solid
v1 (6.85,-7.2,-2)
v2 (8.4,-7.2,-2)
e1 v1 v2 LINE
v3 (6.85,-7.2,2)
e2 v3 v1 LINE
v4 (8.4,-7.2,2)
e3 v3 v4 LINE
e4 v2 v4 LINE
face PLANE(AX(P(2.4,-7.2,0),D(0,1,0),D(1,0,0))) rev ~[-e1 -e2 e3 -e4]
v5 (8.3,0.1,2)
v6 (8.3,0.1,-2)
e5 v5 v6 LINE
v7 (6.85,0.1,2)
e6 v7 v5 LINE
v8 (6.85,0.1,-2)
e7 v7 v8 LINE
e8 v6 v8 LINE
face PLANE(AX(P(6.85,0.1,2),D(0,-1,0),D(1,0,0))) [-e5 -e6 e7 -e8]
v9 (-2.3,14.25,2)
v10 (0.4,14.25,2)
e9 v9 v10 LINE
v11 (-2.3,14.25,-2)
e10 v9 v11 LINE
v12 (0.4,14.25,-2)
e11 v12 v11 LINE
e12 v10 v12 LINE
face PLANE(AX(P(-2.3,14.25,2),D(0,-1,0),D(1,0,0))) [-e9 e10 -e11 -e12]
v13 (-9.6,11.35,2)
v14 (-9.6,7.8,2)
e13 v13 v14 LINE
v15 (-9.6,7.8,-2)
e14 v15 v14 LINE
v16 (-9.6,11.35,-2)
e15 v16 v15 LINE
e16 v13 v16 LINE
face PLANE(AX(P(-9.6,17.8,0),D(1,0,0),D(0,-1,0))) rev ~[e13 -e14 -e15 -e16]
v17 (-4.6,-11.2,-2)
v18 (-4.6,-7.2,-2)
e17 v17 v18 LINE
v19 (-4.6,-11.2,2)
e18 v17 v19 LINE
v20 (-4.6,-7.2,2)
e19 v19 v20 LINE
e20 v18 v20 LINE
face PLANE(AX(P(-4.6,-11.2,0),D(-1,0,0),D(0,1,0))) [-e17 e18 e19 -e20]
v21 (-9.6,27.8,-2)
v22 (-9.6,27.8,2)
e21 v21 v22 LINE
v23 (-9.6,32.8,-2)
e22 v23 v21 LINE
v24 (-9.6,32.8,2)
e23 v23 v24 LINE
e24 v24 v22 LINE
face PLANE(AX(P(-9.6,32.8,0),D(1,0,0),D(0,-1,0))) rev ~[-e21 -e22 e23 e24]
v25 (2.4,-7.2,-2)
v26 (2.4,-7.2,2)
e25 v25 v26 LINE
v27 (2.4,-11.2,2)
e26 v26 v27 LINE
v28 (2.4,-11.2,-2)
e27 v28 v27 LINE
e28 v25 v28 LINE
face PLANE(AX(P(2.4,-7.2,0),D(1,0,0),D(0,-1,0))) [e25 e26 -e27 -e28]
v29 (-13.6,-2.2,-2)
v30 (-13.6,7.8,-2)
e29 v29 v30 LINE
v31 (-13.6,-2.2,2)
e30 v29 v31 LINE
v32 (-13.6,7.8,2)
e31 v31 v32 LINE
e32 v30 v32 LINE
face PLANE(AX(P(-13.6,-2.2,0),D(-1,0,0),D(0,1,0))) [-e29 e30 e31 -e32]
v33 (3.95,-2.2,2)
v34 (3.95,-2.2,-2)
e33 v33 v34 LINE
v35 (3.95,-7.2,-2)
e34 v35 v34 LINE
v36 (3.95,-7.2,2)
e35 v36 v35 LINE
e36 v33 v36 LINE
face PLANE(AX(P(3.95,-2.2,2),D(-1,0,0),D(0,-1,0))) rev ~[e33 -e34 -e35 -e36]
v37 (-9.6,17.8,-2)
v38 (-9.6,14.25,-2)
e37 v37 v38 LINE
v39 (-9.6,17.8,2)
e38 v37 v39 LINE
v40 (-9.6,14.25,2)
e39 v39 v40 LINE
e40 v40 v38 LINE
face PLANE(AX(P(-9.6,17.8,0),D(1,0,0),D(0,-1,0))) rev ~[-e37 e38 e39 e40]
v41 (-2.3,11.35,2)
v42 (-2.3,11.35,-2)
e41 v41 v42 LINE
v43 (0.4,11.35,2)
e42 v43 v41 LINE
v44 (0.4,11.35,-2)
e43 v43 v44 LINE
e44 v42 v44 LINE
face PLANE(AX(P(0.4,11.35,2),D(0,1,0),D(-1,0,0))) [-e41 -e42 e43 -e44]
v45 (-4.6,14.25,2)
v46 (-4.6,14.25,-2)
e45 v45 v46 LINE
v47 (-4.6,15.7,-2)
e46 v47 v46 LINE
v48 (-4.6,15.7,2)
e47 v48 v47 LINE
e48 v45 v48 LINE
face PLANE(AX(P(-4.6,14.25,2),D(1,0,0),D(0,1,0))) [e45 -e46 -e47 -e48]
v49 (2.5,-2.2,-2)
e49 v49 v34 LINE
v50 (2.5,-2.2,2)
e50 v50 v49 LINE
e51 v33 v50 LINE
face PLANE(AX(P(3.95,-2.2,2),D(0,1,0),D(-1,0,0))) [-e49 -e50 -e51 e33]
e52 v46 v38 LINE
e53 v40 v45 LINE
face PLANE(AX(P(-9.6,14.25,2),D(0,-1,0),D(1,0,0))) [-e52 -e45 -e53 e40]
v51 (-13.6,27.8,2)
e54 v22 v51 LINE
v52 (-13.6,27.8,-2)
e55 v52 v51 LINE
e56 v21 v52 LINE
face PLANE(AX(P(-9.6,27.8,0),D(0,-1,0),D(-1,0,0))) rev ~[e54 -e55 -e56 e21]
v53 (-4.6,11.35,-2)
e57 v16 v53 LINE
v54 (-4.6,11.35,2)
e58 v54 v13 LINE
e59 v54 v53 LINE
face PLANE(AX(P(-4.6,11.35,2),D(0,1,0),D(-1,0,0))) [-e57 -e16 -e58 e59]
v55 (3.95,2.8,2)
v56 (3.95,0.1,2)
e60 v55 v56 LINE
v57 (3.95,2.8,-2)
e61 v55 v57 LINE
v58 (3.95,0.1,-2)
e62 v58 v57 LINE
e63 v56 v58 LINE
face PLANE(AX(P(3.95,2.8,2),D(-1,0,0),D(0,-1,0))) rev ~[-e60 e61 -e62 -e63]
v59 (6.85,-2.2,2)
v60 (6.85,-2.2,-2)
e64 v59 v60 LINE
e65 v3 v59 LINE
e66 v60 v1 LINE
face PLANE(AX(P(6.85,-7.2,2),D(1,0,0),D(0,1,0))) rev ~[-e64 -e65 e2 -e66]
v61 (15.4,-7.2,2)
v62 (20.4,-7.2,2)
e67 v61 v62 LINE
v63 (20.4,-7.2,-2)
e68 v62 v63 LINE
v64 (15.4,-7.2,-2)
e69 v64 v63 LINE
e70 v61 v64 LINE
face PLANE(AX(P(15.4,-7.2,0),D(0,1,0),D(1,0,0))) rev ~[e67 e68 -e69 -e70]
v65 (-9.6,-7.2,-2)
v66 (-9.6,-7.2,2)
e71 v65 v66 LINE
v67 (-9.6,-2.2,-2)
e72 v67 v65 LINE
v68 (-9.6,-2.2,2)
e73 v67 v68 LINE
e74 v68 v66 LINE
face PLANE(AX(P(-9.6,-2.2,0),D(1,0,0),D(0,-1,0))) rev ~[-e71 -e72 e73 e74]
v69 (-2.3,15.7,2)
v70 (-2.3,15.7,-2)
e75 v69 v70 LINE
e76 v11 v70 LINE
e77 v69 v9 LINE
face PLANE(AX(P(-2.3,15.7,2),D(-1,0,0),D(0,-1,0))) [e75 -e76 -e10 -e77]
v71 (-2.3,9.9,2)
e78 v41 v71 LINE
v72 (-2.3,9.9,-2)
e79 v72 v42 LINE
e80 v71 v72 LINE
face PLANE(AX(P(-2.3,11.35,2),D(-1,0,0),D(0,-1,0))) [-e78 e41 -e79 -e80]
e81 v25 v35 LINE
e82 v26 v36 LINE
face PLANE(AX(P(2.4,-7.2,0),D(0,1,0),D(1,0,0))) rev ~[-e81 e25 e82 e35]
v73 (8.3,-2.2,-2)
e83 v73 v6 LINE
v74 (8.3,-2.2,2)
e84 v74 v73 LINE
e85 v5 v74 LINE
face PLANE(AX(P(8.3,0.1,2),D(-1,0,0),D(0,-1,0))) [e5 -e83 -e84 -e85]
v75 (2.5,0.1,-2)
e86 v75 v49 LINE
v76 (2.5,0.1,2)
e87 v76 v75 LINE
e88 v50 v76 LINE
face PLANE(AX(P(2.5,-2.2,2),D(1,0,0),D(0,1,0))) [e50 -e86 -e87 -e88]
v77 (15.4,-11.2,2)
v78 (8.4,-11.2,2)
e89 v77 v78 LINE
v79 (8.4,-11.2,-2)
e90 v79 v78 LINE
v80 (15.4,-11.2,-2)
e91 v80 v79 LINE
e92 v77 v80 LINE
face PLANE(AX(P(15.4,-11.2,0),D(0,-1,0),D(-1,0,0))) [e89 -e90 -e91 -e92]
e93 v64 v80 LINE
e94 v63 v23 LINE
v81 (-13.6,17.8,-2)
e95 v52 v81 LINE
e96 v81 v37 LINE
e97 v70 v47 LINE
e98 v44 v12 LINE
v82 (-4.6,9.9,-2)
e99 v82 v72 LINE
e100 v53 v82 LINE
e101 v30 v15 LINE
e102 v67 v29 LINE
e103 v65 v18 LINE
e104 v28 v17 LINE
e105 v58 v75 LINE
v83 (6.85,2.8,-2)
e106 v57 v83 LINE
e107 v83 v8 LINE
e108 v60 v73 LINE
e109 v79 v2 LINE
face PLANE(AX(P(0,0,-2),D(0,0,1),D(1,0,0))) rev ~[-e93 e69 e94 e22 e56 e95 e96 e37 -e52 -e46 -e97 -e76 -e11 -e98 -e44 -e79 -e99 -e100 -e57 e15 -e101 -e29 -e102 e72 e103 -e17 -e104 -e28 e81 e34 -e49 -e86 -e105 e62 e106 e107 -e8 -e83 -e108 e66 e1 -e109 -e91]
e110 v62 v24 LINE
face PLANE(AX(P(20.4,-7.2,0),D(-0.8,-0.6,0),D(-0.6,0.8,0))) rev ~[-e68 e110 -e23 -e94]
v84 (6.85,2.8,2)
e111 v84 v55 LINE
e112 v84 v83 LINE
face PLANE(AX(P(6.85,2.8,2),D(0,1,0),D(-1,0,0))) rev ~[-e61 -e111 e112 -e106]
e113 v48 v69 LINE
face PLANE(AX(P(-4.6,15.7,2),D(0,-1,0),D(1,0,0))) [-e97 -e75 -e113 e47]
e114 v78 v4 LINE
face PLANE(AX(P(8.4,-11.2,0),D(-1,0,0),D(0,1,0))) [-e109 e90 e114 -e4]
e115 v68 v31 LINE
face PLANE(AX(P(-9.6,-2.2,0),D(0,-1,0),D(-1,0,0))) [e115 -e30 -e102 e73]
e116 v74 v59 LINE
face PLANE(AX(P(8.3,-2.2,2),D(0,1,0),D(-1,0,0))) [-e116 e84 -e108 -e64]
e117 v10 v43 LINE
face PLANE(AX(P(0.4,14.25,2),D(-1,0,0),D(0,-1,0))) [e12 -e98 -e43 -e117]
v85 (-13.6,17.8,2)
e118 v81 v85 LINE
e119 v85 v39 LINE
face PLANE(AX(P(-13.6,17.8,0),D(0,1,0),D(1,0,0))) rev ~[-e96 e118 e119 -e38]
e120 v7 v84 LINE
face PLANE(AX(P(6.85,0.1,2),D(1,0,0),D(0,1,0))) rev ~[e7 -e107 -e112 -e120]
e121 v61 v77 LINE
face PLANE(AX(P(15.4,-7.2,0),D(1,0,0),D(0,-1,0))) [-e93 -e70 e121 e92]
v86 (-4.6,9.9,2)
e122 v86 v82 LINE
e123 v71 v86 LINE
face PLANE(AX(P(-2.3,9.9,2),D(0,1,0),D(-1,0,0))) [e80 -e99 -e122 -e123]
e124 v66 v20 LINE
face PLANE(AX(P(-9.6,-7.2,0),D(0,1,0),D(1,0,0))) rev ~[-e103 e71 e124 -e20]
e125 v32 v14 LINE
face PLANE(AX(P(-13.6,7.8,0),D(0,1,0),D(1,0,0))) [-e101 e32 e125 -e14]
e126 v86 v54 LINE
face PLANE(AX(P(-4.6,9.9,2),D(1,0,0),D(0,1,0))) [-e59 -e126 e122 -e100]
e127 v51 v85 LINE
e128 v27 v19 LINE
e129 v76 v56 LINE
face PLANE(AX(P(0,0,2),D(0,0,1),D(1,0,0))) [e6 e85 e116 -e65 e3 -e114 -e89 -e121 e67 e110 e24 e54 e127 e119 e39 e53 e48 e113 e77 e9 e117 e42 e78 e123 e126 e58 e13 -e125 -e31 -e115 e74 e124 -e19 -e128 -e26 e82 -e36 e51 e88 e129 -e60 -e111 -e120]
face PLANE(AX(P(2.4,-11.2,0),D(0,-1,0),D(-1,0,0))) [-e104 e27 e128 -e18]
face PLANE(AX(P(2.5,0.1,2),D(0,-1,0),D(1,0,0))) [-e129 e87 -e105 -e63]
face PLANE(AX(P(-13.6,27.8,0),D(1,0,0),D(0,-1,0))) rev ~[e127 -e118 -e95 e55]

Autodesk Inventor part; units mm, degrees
sketch "Эскиз1" plane through (0, 0, 0) normal (0, 0, 1) x (1, 0, 0)
  line L0 (-9.6, 32.8) -> (-9.6, -7.2)
  line L1 (-9.6, -7.2) -> (20.4, -7.2)
  line L2 (20.4, -7.2) -> (-9.6, 32.8)
  line L3 (-9.6, -7.2) -> (9.6, 7.2) construction
  line L4 (-4.6, -7.2) -> (2.4, -7.2)
  line L5 (2.4, -7.2) -> (2.4, -11.2)
  line L6 (2.4, -11.2) -> (-4.6, -11.2)
  line L7 (-4.6, -11.2) -> (-4.6, -7.2)
  line L8 (8.4, -7.2) -> (15.4, -7.2)
  line L9 (15.4, -7.2) -> (15.4, -11.2)
  line L10 (15.4, -11.2) -> (8.4, -11.2)
  line L11 (8.4, -11.2) -> (8.4, -7.2)
  line L12 (-9.6, 27.8) -> (-13.6, 27.8)
  line L13 (-13.6, 27.8) -> (-13.6, 17.8)
  line L14 (-13.6, 17.8) -> (-9.6, 17.8)
  line L15 (-9.6, 17.8) -> (-9.6, 27.8)
  line L16 (-9.6, -2.2) -> (-13.6, -2.2)
  line L17 (-13.6, -2.2) -> (-13.6, 7.8)
  line L18 (-13.6, 7.8) -> (-9.6, 7.8)
  line L19 (-9.6, 7.8) -> (-9.6, -2.2)
  point P0 (0, 0)
  point P1 (0, 0)
  point P2 (-9.6, 17.8)
  point P3 (-9.6, 7.8)
  dimension "d0" = 30
  dimension "d1" = 40
  dimension "d2" = 10
  dimension "d3" = 5
  dimension "d4" = 4
  dimension "d5" = 5
  dimension "d6" = 5
  dimension "d7" = 7
  dimension "d8" = 5
extrude "Выдавливание1" add sketch "Эскиз1" along normal mid plane 4
sketch "Эскиз2" plane through (0, 0, 2) normal (0, 0, 1) x (1, 0, 0)
  line L0 (-9.6, 17.8) -> (-9.6, 7.8) projected
  line L1 (-9.6, 14.25) -> (0.4, 14.25)
  line L2 (0.4, 14.25) -> (0.4, 11.35)
  line L3 (0.4, 11.35) -> (-9.6, 11.35)
  line L4 (-9.6, 11.35) -> (-9.6, 14.25)
  line L5 (2.4, -7.2) -> (8.4, -7.2) projected
  line L6 (3.95, -7.2) -> (6.85, -7.2)
  line L7 (6.85, -7.2) -> (6.85, 2.8)
  line L8 (6.85, 2.8) -> (3.95, 2.8)
  line L9 (3.95, 2.8) -> (3.95, -7.2)
  line L10 (-4.6, 15.7) -> (-2.3, 15.7)
  line L11 (-2.3, 15.7) -> (-2.3, 9.9)
  line L12 (-2.3, 9.9) -> (-4.6, 9.9)
  line L13 (-4.6, 9.9) -> (-4.6, 15.7)
  line L14 (2.5, 0.1) -> (8.3, 0.1)
  line L15 (8.3, 0.1) -> (8.3, -2.2)
  line L16 (8.3, -2.2) -> (2.5, -2.2)
  line L17 (2.5, -2.2) -> (2.5, 0.1)
  line L18 (-9.6, 12.8) -> (0.4, 12.8) construction
  line L19 (5.4, 2.8) -> (5.4, -7.2) construction
  point P0 (0, 0)
  point P1 (-2.3, 12.8)
  point P2 (5.4, 0.1)
  point P3 (-4.6, 14.25)
  point P4 (-4.6, 11.35)
  point P5 (-2.3, 11.35)
  point P6 (-2.3, 14.25)
  point P7 (3.95, -2.2)
  point P8 (6.85, -2.2)
  point P9 (6.85, 0.1)
  point P10 (3.95, 0.1)
  dimension "d11" = 2.9
  dimension "d12" = 10
  dimension "d13" = 2.3
  dimension "d14" = 5.8
  dimension "d15" = 5
  dimension "d16" = 5
extrude "Выдавливание2" cut sketch "Эскиз2" against normal up to next
properties part number "Рёбра_жёсткости"
